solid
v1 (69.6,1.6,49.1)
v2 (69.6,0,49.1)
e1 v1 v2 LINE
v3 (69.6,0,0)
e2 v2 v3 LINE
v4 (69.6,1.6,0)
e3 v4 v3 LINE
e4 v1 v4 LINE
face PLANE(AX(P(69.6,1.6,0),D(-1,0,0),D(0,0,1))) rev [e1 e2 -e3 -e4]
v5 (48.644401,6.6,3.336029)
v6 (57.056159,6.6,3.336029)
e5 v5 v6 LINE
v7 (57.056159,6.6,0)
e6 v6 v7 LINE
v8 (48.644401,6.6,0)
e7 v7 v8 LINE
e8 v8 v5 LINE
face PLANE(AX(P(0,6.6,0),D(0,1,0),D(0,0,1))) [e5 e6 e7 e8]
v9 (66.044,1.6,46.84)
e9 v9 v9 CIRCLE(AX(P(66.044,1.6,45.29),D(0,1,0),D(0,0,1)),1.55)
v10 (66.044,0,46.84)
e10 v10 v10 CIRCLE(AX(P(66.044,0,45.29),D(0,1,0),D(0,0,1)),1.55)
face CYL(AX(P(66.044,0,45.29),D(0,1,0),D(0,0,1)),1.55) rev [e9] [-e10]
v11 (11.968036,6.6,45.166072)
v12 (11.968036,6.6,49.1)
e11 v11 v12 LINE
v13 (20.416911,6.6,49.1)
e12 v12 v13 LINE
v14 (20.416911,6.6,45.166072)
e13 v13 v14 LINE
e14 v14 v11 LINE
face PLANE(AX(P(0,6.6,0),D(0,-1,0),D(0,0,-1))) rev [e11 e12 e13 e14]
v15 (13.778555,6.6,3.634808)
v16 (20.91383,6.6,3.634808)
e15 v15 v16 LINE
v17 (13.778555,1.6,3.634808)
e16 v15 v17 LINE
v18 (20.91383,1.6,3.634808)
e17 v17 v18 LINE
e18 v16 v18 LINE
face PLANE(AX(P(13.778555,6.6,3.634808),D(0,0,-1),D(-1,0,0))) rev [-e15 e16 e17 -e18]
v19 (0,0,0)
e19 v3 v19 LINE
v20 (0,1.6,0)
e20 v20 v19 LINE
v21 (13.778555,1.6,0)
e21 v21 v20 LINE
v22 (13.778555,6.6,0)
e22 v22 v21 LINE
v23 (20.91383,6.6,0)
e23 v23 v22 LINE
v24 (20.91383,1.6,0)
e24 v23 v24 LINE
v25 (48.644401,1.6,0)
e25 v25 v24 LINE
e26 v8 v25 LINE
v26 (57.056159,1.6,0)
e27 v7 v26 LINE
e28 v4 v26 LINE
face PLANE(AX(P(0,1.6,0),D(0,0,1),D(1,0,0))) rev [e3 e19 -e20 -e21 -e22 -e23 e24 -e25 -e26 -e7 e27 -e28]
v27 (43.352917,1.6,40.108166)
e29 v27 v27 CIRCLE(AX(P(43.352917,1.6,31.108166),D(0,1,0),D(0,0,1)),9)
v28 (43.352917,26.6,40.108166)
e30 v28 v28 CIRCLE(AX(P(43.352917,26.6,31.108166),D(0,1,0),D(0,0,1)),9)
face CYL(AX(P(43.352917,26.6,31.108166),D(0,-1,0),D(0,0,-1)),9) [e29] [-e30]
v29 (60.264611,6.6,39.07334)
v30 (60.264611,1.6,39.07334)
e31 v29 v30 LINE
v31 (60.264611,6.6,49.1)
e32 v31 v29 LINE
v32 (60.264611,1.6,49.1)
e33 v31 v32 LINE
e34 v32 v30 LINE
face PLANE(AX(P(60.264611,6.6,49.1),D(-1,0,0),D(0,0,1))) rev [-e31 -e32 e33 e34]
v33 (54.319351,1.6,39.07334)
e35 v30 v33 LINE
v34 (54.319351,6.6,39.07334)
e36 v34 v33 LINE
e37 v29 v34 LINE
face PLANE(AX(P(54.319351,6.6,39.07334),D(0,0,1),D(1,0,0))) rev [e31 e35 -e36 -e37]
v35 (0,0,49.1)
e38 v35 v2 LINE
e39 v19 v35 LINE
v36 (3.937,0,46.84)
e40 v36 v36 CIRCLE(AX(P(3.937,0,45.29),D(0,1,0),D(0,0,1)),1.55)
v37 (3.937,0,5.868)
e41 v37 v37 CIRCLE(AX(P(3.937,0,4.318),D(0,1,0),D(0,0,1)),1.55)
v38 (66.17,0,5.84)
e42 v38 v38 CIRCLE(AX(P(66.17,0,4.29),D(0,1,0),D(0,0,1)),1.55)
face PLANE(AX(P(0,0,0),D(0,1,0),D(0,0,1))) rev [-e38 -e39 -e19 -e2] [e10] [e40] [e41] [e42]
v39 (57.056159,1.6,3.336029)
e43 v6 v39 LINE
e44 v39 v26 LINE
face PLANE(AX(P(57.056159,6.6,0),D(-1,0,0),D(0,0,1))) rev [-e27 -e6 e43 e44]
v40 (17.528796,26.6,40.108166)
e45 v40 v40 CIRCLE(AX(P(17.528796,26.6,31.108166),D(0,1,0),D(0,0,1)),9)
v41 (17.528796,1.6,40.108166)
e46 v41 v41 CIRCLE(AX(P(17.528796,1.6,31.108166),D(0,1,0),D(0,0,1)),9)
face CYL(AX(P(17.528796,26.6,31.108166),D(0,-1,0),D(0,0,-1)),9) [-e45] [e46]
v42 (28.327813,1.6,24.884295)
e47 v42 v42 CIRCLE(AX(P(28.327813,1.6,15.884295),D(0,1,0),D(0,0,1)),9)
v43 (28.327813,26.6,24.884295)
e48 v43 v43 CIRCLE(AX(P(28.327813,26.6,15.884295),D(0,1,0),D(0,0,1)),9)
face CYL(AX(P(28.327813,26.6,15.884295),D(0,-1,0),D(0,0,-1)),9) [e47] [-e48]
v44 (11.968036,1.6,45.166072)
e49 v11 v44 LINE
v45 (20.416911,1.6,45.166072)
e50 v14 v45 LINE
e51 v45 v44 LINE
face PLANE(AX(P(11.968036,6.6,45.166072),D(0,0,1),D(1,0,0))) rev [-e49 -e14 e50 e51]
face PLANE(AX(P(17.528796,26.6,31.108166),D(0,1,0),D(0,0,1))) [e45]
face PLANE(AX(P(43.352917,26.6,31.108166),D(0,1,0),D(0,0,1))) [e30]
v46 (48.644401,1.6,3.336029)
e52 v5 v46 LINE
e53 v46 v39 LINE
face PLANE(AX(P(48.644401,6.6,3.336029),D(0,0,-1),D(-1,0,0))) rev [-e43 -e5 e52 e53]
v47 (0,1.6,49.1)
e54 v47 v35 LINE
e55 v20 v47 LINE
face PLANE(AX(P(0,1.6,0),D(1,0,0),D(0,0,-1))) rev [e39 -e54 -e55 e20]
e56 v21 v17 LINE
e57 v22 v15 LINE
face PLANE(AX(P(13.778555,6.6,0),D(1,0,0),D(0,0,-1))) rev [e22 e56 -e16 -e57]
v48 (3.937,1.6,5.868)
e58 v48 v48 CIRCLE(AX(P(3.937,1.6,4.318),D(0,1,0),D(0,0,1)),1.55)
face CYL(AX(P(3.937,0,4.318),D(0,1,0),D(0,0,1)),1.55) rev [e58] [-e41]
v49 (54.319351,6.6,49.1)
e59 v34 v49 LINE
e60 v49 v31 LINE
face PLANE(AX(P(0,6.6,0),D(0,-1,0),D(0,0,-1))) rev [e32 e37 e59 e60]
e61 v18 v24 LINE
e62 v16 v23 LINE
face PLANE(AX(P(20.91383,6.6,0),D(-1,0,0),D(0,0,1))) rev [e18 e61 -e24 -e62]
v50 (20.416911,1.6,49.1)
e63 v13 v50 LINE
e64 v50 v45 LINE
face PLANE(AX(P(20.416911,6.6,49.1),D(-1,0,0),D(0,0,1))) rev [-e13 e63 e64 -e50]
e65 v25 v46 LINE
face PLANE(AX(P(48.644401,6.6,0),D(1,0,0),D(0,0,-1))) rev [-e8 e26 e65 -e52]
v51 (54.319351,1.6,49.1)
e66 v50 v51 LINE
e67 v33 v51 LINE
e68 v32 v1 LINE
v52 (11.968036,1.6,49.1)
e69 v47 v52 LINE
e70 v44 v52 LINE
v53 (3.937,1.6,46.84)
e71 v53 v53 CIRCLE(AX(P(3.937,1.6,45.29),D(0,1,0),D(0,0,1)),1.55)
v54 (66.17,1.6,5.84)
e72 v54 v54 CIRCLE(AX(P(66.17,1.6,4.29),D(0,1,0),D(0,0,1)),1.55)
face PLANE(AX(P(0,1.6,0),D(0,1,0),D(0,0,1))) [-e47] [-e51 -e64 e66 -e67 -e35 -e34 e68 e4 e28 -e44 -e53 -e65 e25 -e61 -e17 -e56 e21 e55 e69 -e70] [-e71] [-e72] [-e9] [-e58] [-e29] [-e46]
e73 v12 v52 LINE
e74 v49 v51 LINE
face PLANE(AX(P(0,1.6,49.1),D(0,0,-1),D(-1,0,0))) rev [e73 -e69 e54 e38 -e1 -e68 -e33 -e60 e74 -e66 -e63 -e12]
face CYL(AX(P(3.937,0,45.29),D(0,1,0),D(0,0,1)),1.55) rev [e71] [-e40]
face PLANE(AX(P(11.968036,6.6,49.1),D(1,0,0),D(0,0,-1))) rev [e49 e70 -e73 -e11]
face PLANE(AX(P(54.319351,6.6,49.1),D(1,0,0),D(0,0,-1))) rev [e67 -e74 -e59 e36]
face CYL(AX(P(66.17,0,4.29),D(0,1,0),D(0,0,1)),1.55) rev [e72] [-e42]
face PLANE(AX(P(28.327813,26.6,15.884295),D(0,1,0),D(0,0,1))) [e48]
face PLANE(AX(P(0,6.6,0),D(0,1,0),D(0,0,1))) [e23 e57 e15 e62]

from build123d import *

# Parameters (mm, degrees)
SKETCH1_W           = 69.6
SKETCH1_H           = 49.1
BOSS_EXTRUDE1_DEPTH = 1.6
SKETCH2_R           = 9
BOSS_EXTRUDE2_DEPTH = 25
SKETCH3_R           = 1.55
CUT_EXTRUDE1_DEPTH  = 2.6
SKETCH4_W           = 7.135274134
SKETCH4_H           = 3.634808115
SKETCH4_W_2         = 8.411757442
SKETCH4_H_2         = 3.336029474
SKETCH4_W_3         = 8.448874517
SKETCH4_H_3         = 3.933927867
SKETCH4_W_4         = 5.945259598
SKETCH4_H_4         = 10.026659932
BOSS_EXTRUDE3_DEPTH = 5


with BuildPart() as part:
    # Sketch1 → Boss-Extrude1 (new body)
    with BuildSketch(Plane(origin=(0, 0, 0), x_dir=(1, 0, 0), z_dir=(0, 1, 0))):
        with Locations((34.8, -24.55)):
            Rectangle(SKETCH1_W, SKETCH1_H)
    extrude(amount=BOSS_EXTRUDE1_DEPTH)

    # Sketch2 → Boss-Extrude2 (add)
    with BuildSketch(Plane(origin=(0, 1.6, 0), x_dir=(1, 0, 0), z_dir=(0, 1, 0))):
        with Locations((17.528795591, -31.108165605)):
            Circle(SKETCH2_R)
        with Locations((28.327813128, -15.884294945)):
            Circle(SKETCH2_R)
        with Locations((43.352916856, -31.108165605)):
            Circle(SKETCH2_R)
    extrude(amount=BOSS_EXTRUDE2_DEPTH)

    # Sketch3 → Cut-Extrude1 (cut, through all)
    with BuildSketch(Plane(origin=(0, 1.6, 0), x_dir=(1, 0, 0), z_dir=(0, 1, 0))):
        with Locations((3.937, -4.318)):
            Circle(SKETCH3_R)
        with Locations((66.17, -4.29)):
            Circle(SKETCH3_R)
        with Locations((66.044, -45.29)):
            Circle(SKETCH3_R)
        with Locations((3.937, -45.29)):
            Circle(SKETCH3_R)
    extrude(amount=-CUT_EXTRUDE1_DEPTH, mode=Mode.SUBTRACT)

    # Sketch4 → Boss-Extrude3 (add)
    with BuildSketch(Plane(origin=(0, 1.6, 0), x_dir=(1, 0, 0), z_dir=(0, 1, 0))):
        with Locations((17.346192507, -1.817404058)):
            Rectangle(SKETCH4_W, SKETCH4_H)
        with Locations((52.850279958, -1.668014737)):
            Rectangle(SKETCH4_W_2, SKETCH4_H_2)
        with Locations((16.192473292, -47.133036066)):
            Rectangle(SKETCH4_W_3, SKETCH4_H_3)
        with Locations((57.291981259, -44.086670034)):
            Rectangle(SKETCH4_W_4, SKETCH4_H_4)
    extrude(amount=BOSS_EXTRUDE3_DEPTH)


solid = part.part
